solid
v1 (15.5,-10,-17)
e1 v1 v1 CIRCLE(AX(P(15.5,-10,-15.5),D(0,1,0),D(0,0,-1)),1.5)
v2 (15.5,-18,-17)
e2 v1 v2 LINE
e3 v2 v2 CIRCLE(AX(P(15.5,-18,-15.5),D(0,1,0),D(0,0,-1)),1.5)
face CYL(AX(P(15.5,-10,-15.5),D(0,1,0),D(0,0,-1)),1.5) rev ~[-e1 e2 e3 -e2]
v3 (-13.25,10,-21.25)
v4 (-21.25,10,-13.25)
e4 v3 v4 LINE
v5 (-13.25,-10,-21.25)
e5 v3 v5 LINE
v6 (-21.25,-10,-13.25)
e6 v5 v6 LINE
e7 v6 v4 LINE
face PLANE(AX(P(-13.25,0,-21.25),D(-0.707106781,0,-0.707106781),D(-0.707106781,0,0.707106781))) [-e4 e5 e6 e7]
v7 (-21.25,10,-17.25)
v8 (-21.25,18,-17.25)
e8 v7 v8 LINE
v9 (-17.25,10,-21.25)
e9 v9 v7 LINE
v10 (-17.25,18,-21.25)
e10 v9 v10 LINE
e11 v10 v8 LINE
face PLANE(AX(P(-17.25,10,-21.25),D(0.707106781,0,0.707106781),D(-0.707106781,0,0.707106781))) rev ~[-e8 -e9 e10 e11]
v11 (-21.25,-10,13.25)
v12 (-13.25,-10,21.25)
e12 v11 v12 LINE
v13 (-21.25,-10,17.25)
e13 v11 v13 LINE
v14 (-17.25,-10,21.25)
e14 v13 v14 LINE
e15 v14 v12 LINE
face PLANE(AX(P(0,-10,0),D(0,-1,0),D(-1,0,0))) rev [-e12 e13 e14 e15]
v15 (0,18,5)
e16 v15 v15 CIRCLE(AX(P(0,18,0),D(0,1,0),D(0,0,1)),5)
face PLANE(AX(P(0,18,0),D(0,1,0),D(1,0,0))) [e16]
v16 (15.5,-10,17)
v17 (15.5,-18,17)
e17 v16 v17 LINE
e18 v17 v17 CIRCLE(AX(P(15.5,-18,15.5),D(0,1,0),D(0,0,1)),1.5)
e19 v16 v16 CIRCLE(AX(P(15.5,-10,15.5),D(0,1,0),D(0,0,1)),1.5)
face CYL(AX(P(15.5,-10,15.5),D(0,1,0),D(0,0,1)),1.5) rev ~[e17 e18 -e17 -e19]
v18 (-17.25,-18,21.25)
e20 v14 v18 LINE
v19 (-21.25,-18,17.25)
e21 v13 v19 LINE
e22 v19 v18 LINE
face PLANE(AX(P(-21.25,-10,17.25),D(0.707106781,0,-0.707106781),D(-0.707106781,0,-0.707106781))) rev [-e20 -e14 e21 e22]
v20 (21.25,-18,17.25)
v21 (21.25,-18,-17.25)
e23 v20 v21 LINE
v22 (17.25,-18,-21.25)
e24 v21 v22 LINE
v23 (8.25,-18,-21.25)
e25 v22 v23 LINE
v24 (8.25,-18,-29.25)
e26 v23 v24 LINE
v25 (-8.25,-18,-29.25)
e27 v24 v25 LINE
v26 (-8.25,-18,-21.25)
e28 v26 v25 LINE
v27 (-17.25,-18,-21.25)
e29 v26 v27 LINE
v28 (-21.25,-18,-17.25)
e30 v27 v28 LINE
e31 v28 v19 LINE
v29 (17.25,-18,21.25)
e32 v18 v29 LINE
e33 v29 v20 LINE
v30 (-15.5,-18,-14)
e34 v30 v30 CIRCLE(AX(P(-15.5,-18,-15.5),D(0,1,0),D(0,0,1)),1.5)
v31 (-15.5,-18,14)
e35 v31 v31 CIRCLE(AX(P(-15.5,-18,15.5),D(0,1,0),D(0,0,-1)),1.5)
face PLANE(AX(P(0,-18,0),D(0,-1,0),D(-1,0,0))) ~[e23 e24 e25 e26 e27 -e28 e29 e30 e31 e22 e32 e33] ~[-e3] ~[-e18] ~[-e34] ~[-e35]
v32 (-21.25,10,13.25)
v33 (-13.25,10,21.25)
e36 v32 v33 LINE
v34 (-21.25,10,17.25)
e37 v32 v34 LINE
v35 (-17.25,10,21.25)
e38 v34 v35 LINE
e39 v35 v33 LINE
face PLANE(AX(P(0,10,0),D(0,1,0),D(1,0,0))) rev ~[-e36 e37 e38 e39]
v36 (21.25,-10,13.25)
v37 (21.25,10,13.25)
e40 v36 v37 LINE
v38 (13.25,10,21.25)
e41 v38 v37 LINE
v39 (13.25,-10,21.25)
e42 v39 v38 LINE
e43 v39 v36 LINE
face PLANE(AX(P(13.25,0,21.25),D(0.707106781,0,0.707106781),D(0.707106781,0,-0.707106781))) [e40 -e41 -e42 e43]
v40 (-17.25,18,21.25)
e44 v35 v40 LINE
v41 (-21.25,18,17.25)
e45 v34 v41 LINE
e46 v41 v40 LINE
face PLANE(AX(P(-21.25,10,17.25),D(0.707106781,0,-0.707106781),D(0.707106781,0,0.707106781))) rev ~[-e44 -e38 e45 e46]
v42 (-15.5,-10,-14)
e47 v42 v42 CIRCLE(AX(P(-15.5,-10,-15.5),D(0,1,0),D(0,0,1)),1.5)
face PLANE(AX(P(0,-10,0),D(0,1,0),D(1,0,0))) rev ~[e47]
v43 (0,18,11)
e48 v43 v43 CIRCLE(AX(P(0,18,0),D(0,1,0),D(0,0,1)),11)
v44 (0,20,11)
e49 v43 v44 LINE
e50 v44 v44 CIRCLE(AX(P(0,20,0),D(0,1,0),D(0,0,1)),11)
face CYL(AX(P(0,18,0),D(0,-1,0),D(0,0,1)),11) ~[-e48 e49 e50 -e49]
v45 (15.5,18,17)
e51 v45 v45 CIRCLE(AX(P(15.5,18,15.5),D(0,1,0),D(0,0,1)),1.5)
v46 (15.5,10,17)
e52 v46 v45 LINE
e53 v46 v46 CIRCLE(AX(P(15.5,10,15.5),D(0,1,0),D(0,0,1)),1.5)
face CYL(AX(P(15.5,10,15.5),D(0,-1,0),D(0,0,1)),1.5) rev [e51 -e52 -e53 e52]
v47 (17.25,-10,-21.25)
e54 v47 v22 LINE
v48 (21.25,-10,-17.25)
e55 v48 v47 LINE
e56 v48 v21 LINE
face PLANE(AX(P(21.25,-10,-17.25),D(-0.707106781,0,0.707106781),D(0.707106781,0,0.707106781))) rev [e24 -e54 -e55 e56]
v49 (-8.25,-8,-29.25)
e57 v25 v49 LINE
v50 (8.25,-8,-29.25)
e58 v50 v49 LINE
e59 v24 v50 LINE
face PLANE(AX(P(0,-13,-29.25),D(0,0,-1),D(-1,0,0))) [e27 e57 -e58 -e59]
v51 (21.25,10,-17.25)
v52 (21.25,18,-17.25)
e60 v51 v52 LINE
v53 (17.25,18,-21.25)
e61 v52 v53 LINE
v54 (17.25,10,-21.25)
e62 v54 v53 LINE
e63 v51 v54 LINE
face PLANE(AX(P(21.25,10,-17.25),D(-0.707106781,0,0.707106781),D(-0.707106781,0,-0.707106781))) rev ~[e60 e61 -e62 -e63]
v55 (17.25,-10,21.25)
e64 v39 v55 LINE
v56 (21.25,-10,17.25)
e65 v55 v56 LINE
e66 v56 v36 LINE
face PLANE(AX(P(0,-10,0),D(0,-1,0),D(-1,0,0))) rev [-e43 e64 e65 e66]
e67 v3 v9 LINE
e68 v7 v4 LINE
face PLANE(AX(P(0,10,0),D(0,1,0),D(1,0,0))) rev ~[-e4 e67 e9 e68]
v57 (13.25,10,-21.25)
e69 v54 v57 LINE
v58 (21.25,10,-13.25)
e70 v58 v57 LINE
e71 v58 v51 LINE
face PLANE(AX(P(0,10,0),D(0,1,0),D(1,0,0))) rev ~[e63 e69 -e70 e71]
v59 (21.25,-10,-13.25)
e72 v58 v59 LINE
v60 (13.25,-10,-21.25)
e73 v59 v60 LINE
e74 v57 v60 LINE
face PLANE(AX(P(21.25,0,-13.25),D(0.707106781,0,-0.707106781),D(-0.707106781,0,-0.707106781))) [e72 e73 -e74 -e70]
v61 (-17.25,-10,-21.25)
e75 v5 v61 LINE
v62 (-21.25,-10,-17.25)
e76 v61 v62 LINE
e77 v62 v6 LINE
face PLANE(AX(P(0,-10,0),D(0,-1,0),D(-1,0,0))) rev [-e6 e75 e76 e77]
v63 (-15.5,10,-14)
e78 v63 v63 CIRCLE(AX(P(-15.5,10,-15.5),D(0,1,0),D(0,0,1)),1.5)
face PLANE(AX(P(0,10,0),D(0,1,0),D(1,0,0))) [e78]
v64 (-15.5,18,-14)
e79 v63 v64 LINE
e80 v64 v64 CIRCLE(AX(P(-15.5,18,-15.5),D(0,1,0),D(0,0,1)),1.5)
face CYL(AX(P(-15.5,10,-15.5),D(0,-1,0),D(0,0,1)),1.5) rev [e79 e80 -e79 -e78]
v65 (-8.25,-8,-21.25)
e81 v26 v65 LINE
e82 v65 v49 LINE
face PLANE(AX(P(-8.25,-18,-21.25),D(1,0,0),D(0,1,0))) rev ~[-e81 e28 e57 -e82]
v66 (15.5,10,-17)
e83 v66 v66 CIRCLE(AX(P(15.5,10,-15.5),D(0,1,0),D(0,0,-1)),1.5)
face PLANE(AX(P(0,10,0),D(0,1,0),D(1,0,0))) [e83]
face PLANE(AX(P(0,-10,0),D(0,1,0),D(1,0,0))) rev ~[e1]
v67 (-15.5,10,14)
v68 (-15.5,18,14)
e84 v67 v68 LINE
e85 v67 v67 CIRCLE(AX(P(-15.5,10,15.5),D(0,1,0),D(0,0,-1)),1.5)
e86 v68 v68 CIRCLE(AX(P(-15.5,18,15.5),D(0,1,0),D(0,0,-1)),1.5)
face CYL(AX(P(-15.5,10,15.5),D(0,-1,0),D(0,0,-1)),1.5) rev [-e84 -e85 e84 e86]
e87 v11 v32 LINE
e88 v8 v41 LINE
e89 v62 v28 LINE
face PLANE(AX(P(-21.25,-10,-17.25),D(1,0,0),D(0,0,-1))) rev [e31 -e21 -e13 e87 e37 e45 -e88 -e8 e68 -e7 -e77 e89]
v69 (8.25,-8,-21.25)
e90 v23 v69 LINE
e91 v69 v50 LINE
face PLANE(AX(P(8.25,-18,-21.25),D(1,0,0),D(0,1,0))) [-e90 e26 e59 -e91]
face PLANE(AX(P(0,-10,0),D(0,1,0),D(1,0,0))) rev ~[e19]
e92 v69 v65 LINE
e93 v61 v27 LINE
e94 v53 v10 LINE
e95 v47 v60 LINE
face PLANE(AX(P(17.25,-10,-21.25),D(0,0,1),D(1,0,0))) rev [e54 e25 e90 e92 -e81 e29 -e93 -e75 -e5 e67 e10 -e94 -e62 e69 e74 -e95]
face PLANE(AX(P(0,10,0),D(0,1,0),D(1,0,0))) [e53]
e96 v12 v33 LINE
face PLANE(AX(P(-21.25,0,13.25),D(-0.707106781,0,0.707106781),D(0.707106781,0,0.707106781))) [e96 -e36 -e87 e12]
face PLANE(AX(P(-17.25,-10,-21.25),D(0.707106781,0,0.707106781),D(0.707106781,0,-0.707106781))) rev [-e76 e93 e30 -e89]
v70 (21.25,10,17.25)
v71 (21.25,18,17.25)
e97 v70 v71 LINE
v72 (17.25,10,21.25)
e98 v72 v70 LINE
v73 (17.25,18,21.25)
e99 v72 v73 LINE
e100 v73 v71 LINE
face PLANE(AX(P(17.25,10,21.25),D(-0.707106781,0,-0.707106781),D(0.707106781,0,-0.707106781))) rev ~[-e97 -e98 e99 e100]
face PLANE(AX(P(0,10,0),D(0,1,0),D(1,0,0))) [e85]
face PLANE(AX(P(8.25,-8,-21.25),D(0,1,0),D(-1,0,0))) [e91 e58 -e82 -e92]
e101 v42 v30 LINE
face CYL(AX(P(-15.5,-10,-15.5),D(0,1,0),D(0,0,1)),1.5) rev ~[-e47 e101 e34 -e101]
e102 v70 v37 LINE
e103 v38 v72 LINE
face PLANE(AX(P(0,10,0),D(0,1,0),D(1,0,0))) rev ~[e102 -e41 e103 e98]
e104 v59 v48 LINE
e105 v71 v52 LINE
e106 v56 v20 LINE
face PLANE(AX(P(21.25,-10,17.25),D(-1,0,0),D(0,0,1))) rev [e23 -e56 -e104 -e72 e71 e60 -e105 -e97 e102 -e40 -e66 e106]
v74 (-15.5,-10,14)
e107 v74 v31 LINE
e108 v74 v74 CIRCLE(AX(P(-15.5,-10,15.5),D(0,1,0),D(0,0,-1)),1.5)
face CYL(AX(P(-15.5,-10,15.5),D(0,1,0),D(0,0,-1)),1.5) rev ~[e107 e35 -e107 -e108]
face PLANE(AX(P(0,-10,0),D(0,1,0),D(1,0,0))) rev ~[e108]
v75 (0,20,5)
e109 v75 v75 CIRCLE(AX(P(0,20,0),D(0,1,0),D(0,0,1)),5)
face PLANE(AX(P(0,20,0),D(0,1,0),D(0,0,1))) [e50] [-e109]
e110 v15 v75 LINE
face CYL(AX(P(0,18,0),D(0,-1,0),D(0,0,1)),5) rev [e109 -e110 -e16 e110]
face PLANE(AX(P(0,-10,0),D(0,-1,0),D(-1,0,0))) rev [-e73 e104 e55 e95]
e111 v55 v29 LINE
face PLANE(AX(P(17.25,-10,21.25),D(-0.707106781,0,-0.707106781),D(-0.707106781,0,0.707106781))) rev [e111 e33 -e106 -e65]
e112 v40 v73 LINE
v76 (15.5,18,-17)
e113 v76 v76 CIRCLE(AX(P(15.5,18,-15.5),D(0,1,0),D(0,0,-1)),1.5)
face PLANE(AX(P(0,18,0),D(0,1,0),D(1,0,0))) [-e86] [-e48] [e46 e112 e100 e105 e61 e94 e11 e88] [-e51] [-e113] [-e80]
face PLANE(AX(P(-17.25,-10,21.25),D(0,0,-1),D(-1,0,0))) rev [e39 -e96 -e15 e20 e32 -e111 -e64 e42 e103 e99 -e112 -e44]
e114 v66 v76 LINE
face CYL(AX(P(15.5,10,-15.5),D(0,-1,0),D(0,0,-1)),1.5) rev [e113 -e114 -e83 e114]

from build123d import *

# Parameters (mm, degrees)
EXTRUDE_1_DEPTH = 10
SKETCH_2_R      = 1.5
EXTRUDE_2_DEPTH = 8
SKETCH_3_W      = 16.5
SKETCH_3_H      = 10
EXTRUDE_3_DEPTH = 8
SKETCH_4_R      = 11
SKETCH_4_R_2    = 5
EXTRUDE_4_DEPTH = 2


with BuildPart() as part:
    # Эскиз1 → Бобышка-Вытянуть1 (new, symmetric)
    with BuildSketch(Plane(origin=(0, 0, 0), x_dir=(1, 0, 0), z_dir=(0, 1, 0))):
        Polygon((-13.25, 21.25), (-21.25, 13.25), (-21.25, -13.25), (-13.25, -21.25), (13.25, -21.25), (21.25, -13.25), (21.25, 13.25), (13.25, 21.25), align=None)
    extrude(amount=EXTRUDE_1_DEPTH, both=True)

    # Эскиз2 → Бобышка-Вытянуть2 (add)
    with BuildSketch(Plane(origin=(0, 10, 0), x_dir=(1, 0, 0), z_dir=(0, 1, 0))):
        Polygon((-17.25, 21.25), (-21.25, 17.25), (-21.25, -17.25), (-17.25, -21.25), (17.25, -21.25), (21.25, -17.25), (21.25, 17.25), (17.25, 21.25), align=None)
        with Locations(Location((-15.5, 15.5, 0), (0, 0, 270))):
            Circle(SKETCH_2_R, mode=Mode.SUBTRACT)
        with Locations(Location((15.5, 15.5, 0), (0, 0, 90))):
            Circle(SKETCH_2_R, mode=Mode.SUBTRACT)
        with Locations(Location((15.5, -15.5, 0), (0, 0, 270))):
            Circle(SKETCH_2_R, mode=Mode.SUBTRACT)
        with Locations(Location((-15.5, -15.5, 0), (0, 0, 90))):
            Circle(SKETCH_2_R, mode=Mode.SUBTRACT)
    extrude_2 = extrude(amount=EXTRUDE_2_DEPTH)

    # Зеркальное отражение1: Бобышка-Вытянуть2 across plane
    add(extrude_2.mirror(Plane.ZX))

    # Эскиз3 → Бобышка-Вытянуть3 (add)
    with BuildSketch(Plane(origin=(0, 0, -21.25), x_dir=(-1, 0, 0), z_dir=(0, 0, -1))):
        with Locations((0, -13)):
            Rectangle(SKETCH_3_W, SKETCH_3_H)
    extrude(amount=EXTRUDE_3_DEPTH)

    # Эскиз4 → Бобышка-Вытянуть4 (add)
    with BuildSketch(Plane(origin=(0, 18, 0), x_dir=(1, 0, 0), z_dir=(0, 1, 0))):
        with Locations(Location((0, 0, 0), (0, 0, 270))):
            Circle(SKETCH_4_R)
        with Locations(Location((0, 0, 0), (0, 0, 270))):
            Circle(SKETCH_4_R_2, mode=Mode.SUBTRACT)
    extrude(amount=EXTRUDE_4_DEPTH)


solid = part.part
